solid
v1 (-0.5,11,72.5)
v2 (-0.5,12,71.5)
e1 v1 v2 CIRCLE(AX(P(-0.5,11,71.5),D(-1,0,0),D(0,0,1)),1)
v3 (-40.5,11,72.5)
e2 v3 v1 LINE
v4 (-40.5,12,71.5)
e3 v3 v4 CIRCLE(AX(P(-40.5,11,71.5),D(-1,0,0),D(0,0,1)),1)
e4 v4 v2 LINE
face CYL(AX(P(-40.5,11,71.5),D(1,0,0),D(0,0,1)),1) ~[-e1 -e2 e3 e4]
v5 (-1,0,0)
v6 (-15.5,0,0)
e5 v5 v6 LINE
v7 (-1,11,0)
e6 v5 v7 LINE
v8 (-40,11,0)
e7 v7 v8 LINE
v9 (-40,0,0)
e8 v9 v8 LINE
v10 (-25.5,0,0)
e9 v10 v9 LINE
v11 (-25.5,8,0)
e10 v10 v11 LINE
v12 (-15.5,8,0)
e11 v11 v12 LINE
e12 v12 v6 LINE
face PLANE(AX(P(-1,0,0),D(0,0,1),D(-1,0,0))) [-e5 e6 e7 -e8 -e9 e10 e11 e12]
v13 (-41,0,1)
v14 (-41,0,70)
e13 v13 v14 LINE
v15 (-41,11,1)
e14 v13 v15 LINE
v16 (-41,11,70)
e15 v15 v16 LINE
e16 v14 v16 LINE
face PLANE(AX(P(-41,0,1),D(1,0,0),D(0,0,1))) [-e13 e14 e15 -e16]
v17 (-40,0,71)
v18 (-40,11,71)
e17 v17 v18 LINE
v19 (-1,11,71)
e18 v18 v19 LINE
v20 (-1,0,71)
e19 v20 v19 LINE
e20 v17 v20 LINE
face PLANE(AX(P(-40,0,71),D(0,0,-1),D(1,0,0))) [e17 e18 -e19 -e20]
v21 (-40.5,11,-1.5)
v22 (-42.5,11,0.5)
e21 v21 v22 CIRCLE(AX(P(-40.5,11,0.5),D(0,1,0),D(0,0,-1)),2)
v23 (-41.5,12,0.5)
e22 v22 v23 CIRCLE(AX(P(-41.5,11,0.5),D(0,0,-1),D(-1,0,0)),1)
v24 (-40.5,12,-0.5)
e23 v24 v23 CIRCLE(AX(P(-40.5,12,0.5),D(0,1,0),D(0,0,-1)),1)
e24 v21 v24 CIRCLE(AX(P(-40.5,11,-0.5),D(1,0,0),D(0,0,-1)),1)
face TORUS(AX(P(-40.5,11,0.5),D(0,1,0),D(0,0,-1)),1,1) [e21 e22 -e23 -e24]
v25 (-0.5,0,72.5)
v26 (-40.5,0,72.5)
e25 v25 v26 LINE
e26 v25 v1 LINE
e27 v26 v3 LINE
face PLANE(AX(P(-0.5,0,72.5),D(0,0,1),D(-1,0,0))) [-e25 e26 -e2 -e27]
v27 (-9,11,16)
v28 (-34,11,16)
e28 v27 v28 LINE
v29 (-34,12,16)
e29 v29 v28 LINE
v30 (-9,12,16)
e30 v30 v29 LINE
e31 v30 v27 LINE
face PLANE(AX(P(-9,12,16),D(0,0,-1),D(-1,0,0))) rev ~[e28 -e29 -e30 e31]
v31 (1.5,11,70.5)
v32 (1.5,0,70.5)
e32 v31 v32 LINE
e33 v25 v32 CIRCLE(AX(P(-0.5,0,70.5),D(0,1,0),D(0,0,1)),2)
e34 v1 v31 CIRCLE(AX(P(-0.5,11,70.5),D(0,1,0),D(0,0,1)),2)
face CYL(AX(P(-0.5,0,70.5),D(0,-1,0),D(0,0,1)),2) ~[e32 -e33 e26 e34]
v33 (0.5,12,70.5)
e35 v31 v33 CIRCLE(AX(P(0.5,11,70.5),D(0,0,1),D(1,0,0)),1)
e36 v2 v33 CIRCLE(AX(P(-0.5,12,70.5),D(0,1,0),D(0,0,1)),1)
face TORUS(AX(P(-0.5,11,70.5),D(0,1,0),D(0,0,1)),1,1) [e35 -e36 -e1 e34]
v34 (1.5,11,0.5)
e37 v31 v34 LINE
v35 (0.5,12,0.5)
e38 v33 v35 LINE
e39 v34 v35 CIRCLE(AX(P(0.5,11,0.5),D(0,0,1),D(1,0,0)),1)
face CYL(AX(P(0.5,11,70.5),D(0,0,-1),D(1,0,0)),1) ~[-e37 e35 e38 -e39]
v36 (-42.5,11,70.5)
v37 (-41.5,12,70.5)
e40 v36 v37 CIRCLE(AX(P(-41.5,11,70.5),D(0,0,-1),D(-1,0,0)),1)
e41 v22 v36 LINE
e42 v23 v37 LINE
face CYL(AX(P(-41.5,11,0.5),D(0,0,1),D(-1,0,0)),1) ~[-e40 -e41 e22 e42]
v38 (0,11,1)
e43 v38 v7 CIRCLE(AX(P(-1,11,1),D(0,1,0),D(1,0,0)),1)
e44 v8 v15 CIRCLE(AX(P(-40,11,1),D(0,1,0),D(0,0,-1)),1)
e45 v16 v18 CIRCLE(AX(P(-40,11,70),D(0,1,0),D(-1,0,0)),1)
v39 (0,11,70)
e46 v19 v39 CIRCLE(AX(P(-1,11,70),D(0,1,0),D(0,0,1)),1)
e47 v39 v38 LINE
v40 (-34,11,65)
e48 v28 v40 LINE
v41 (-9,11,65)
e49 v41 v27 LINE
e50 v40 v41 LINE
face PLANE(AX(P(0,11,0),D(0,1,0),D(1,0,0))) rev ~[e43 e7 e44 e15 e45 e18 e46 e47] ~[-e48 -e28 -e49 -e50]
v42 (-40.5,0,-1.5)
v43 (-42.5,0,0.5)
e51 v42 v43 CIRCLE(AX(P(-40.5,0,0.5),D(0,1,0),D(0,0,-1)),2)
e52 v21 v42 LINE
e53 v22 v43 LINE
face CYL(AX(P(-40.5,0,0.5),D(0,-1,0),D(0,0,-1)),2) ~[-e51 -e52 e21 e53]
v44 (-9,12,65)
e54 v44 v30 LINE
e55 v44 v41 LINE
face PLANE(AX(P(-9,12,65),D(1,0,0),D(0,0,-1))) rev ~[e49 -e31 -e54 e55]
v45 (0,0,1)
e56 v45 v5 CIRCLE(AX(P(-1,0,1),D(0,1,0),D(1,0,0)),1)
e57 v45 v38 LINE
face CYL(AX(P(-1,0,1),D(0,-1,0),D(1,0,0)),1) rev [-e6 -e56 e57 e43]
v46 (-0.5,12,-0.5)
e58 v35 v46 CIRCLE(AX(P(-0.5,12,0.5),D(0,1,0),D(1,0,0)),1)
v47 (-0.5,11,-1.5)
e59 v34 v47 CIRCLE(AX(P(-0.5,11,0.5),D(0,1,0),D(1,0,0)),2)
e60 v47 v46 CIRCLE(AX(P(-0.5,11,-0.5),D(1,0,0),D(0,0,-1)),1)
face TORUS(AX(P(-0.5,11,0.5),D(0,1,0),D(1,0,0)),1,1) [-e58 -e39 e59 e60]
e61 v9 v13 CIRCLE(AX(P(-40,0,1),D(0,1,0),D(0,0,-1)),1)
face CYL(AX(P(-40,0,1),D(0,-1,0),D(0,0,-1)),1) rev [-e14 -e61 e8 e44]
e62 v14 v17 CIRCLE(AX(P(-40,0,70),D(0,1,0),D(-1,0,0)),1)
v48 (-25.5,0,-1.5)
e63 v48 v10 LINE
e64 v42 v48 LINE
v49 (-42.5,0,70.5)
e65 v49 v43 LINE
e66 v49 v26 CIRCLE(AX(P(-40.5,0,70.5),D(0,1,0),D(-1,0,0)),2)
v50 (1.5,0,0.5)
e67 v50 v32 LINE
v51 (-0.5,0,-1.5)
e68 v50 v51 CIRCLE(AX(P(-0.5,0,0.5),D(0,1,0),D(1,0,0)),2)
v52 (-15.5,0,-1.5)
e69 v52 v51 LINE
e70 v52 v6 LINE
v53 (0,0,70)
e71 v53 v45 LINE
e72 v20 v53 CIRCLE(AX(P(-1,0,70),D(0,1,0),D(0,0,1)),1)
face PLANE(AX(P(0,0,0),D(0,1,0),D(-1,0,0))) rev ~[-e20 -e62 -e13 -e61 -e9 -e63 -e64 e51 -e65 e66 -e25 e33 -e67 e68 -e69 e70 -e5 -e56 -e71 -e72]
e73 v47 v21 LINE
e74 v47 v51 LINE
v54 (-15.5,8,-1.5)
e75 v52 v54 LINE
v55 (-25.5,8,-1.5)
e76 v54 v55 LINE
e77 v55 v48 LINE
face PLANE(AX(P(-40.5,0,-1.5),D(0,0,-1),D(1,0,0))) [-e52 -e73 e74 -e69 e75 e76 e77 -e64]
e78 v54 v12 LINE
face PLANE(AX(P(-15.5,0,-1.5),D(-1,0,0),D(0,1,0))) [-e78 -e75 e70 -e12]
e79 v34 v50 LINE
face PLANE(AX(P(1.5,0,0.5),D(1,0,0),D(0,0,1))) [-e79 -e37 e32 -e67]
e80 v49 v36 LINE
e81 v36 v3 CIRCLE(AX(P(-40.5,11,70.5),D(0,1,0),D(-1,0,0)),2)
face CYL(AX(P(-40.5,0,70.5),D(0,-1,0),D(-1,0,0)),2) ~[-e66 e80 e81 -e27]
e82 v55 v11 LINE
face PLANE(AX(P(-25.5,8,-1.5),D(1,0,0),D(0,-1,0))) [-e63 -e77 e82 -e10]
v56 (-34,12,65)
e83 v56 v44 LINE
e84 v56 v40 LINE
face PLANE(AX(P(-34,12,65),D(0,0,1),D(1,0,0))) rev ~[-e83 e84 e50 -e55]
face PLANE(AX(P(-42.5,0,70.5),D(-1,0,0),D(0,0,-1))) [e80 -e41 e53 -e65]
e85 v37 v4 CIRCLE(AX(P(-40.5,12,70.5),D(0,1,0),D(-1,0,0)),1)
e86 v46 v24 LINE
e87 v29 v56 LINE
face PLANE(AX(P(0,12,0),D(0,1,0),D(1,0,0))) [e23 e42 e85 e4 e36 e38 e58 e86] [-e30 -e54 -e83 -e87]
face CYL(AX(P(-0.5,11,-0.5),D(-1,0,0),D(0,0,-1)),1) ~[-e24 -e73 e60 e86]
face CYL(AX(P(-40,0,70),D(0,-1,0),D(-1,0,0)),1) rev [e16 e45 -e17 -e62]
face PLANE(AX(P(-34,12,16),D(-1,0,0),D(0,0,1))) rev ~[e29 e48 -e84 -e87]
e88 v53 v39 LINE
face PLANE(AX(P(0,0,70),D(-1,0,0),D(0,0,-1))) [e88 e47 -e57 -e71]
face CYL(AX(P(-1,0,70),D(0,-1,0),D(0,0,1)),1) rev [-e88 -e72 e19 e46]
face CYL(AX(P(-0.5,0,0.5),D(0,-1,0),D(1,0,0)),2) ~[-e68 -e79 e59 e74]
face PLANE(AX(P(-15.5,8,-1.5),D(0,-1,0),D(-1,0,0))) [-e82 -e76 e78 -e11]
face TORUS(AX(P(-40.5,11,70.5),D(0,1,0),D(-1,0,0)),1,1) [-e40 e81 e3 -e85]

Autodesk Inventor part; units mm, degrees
ref_plane "YZ Plane" through (0, 0, 0) normal (1, 0, 0) x (0, 1, 0)
ref_plane "XZ Plane" through (0, 0, 0) normal (0, 1, 0) x (-1, 0, 0)
ref_plane "XY Plane" through (0, 0, 0) normal (0, 0, 1) x (1, 0, 0)
sketch "Skizze1" plane through (0, 0, 0) normal (0, 1, 0) x (-1, 0, 0)
  line L0 (1, 0) -> (40, 0)
  line L1 (41, 1) -> (41, 70)
  line L2 (40, 71) -> (1, 71)
  line L3 (0, 70) -> (0, 1)
  line L4 (42.5, 70.5) -> (42.5, 0.5)
  line L5 (40.5, -1.5) -> (0.5, -1.5)
  line L6 (-1.5, 0.5) -> (-1.5, 70.5)
  line L7 (0.5, 72.5) -> (40.5, 72.5)
  arc A0 (42.5, 70.5) -> (40.5, 72.5) centre (40.5, 70.5) ccw
  arc A1 (40.5, -1.5) -> (42.5, 0.5) centre (40.5, 0.5) ccw
  arc A2 (-1.5, 0.5) -> (0.5, -1.5) centre (0.5, 0.5) ccw
  arc A3 (0.5, 72.5) -> (-1.5, 70.5) centre (0.5, 70.5) ccw
  arc A4 (41, 70) -> (40, 71) centre (40, 70) ccw
  arc A5 (40, 0) -> (41, 1) centre (40, 1) ccw
  arc A6 (0, 1) -> (1, 0) centre (1, 1) ccw
  arc A7 (1, 71) -> (0, 70) centre (1, 70) ccw
  point P0 (0, 0)
  point P1 (41, 71)
  point P2 (41, 0)
  point P3 (0, 71)
  dimension "d0" = 41
  dimension "d1" = 71
  dimension "d2" = 1.5
  dimension "d3" = 2
  dimension "d4" = 1
extrude "Extrusion1" add sketch "Skizze1" along normal blind 11
sketch "Skizze2" plane through (0, 11, 0) normal (0, 1, 0) x (1, 0, 0)
  line L0 (1.5, -70.5) -> (1.5, -0.5) projected
  arc A0 (1.5, -0.5) -> (-0.5, 1.5) centre (-0.5, -0.5) ccw projected
  line L1 (-0.5, 1.5) -> (-40.5, 1.5) projected
  arc A1 (-40.5, 1.5) -> (-42.5, -0.5) centre (-40.5, -0.5) ccw projected
  line L2 (-42.5, -0.5) -> (-42.5, -70.5) projected
  arc A2 (-42.5, -70.5) -> (-40.5, -72.5) centre (-40.5, -70.5) ccw projected
  line L3 (-40.5, -72.5) -> (-0.5, -72.5) projected
  arc A3 (-0.5, -72.5) -> (1.5, -70.5) centre (-0.5, -70.5) ccw projected
  arc A4 (0, -1) -> (-1, 0) centre (-1, -1) ccw projected
  line L4 (0, -1) -> (0, -70) projected
  arc A5 (-1, -71) -> (0, -70) centre (-1, -70) ccw projected
  line L5 (-1, -71) -> (-40, -71) projected
  arc A6 (-41, -70) -> (-40, -71) centre (-40, -70) ccw projected
  line L6 (-41, -70) -> (-41, -1) projected
  arc A7 (-40, 0) -> (-41, -1) centre (-40, -1) ccw projected
  line L7 (-40, 0) -> (-1, 0) projected
  point P0 (0, 0)
extrude "Extrusion2" add sketch "Skizze2" along normal blind 1 contours A3 L3 A2 L2 A1 L1 A0 L0 | L4 A5 L5 A6 L6 A7 L7 A4
fillet "Rundung1" radius 1 8 edges at (0.9142, 12, -0.9142) (-20.5, 12, -1.5) (-41.9142, 12, -0.9142) (-42.5, 12, 35.5) (-41.9142, 12, 71.9142) (-20.5, 12, 72.5) (0.9142, 12, 71.9142) (1.5, 12, 35.5)
sketch "Skizze5" plane through (0, 12, 0) normal (0, 1, 0) x (1, 0, 0)
  line L0 (-34, -65) -> (-9, -65)
  line L1 (-9, -65) -> (-9, -16)
  line L2 (-9, -16) -> (-34, -16)
  line L3 (-34, -16) -> (-34, -65)
  line L4 (-40, 0) -> (-1, 0) projected
  line L5 (-41, -70) -> (-41, -1) projected
  line L6 (0, -1) -> (0, -70) projected
  point P0 (0, 0)
  dimension "d22" = 16
  dimension "d23" = 7
  dimension "d24" = 9
  dimension "d25" = 49
extrude "Extrusion5" cut sketch "Skizze5" against normal blind 10
sketch "Skizze6" plane through (-0.5, 0, -1.5) normal (0, 0, -1) x (-1, 0, 0)
  line L0 (39.5, 0) -> (0.5, 0) projected
  line L1 (25, 0) -> (15, 0)
  line L2 (15, 0) -> (15, 8)
  line L3 (15, 8) -> (25, 8)
  line L4 (25, 8) -> (25, 0)
  line L5 (42, 0) -> (42, 11) projected
  point P0 (-0.5, 0)
  dimension "d28" = 8
  dimension "d29" = 10
  dimension "d30" = 17
extrude "Extrusion6" cut sketch "Skizze6" against normal blind 11
properties part number "wanne"
